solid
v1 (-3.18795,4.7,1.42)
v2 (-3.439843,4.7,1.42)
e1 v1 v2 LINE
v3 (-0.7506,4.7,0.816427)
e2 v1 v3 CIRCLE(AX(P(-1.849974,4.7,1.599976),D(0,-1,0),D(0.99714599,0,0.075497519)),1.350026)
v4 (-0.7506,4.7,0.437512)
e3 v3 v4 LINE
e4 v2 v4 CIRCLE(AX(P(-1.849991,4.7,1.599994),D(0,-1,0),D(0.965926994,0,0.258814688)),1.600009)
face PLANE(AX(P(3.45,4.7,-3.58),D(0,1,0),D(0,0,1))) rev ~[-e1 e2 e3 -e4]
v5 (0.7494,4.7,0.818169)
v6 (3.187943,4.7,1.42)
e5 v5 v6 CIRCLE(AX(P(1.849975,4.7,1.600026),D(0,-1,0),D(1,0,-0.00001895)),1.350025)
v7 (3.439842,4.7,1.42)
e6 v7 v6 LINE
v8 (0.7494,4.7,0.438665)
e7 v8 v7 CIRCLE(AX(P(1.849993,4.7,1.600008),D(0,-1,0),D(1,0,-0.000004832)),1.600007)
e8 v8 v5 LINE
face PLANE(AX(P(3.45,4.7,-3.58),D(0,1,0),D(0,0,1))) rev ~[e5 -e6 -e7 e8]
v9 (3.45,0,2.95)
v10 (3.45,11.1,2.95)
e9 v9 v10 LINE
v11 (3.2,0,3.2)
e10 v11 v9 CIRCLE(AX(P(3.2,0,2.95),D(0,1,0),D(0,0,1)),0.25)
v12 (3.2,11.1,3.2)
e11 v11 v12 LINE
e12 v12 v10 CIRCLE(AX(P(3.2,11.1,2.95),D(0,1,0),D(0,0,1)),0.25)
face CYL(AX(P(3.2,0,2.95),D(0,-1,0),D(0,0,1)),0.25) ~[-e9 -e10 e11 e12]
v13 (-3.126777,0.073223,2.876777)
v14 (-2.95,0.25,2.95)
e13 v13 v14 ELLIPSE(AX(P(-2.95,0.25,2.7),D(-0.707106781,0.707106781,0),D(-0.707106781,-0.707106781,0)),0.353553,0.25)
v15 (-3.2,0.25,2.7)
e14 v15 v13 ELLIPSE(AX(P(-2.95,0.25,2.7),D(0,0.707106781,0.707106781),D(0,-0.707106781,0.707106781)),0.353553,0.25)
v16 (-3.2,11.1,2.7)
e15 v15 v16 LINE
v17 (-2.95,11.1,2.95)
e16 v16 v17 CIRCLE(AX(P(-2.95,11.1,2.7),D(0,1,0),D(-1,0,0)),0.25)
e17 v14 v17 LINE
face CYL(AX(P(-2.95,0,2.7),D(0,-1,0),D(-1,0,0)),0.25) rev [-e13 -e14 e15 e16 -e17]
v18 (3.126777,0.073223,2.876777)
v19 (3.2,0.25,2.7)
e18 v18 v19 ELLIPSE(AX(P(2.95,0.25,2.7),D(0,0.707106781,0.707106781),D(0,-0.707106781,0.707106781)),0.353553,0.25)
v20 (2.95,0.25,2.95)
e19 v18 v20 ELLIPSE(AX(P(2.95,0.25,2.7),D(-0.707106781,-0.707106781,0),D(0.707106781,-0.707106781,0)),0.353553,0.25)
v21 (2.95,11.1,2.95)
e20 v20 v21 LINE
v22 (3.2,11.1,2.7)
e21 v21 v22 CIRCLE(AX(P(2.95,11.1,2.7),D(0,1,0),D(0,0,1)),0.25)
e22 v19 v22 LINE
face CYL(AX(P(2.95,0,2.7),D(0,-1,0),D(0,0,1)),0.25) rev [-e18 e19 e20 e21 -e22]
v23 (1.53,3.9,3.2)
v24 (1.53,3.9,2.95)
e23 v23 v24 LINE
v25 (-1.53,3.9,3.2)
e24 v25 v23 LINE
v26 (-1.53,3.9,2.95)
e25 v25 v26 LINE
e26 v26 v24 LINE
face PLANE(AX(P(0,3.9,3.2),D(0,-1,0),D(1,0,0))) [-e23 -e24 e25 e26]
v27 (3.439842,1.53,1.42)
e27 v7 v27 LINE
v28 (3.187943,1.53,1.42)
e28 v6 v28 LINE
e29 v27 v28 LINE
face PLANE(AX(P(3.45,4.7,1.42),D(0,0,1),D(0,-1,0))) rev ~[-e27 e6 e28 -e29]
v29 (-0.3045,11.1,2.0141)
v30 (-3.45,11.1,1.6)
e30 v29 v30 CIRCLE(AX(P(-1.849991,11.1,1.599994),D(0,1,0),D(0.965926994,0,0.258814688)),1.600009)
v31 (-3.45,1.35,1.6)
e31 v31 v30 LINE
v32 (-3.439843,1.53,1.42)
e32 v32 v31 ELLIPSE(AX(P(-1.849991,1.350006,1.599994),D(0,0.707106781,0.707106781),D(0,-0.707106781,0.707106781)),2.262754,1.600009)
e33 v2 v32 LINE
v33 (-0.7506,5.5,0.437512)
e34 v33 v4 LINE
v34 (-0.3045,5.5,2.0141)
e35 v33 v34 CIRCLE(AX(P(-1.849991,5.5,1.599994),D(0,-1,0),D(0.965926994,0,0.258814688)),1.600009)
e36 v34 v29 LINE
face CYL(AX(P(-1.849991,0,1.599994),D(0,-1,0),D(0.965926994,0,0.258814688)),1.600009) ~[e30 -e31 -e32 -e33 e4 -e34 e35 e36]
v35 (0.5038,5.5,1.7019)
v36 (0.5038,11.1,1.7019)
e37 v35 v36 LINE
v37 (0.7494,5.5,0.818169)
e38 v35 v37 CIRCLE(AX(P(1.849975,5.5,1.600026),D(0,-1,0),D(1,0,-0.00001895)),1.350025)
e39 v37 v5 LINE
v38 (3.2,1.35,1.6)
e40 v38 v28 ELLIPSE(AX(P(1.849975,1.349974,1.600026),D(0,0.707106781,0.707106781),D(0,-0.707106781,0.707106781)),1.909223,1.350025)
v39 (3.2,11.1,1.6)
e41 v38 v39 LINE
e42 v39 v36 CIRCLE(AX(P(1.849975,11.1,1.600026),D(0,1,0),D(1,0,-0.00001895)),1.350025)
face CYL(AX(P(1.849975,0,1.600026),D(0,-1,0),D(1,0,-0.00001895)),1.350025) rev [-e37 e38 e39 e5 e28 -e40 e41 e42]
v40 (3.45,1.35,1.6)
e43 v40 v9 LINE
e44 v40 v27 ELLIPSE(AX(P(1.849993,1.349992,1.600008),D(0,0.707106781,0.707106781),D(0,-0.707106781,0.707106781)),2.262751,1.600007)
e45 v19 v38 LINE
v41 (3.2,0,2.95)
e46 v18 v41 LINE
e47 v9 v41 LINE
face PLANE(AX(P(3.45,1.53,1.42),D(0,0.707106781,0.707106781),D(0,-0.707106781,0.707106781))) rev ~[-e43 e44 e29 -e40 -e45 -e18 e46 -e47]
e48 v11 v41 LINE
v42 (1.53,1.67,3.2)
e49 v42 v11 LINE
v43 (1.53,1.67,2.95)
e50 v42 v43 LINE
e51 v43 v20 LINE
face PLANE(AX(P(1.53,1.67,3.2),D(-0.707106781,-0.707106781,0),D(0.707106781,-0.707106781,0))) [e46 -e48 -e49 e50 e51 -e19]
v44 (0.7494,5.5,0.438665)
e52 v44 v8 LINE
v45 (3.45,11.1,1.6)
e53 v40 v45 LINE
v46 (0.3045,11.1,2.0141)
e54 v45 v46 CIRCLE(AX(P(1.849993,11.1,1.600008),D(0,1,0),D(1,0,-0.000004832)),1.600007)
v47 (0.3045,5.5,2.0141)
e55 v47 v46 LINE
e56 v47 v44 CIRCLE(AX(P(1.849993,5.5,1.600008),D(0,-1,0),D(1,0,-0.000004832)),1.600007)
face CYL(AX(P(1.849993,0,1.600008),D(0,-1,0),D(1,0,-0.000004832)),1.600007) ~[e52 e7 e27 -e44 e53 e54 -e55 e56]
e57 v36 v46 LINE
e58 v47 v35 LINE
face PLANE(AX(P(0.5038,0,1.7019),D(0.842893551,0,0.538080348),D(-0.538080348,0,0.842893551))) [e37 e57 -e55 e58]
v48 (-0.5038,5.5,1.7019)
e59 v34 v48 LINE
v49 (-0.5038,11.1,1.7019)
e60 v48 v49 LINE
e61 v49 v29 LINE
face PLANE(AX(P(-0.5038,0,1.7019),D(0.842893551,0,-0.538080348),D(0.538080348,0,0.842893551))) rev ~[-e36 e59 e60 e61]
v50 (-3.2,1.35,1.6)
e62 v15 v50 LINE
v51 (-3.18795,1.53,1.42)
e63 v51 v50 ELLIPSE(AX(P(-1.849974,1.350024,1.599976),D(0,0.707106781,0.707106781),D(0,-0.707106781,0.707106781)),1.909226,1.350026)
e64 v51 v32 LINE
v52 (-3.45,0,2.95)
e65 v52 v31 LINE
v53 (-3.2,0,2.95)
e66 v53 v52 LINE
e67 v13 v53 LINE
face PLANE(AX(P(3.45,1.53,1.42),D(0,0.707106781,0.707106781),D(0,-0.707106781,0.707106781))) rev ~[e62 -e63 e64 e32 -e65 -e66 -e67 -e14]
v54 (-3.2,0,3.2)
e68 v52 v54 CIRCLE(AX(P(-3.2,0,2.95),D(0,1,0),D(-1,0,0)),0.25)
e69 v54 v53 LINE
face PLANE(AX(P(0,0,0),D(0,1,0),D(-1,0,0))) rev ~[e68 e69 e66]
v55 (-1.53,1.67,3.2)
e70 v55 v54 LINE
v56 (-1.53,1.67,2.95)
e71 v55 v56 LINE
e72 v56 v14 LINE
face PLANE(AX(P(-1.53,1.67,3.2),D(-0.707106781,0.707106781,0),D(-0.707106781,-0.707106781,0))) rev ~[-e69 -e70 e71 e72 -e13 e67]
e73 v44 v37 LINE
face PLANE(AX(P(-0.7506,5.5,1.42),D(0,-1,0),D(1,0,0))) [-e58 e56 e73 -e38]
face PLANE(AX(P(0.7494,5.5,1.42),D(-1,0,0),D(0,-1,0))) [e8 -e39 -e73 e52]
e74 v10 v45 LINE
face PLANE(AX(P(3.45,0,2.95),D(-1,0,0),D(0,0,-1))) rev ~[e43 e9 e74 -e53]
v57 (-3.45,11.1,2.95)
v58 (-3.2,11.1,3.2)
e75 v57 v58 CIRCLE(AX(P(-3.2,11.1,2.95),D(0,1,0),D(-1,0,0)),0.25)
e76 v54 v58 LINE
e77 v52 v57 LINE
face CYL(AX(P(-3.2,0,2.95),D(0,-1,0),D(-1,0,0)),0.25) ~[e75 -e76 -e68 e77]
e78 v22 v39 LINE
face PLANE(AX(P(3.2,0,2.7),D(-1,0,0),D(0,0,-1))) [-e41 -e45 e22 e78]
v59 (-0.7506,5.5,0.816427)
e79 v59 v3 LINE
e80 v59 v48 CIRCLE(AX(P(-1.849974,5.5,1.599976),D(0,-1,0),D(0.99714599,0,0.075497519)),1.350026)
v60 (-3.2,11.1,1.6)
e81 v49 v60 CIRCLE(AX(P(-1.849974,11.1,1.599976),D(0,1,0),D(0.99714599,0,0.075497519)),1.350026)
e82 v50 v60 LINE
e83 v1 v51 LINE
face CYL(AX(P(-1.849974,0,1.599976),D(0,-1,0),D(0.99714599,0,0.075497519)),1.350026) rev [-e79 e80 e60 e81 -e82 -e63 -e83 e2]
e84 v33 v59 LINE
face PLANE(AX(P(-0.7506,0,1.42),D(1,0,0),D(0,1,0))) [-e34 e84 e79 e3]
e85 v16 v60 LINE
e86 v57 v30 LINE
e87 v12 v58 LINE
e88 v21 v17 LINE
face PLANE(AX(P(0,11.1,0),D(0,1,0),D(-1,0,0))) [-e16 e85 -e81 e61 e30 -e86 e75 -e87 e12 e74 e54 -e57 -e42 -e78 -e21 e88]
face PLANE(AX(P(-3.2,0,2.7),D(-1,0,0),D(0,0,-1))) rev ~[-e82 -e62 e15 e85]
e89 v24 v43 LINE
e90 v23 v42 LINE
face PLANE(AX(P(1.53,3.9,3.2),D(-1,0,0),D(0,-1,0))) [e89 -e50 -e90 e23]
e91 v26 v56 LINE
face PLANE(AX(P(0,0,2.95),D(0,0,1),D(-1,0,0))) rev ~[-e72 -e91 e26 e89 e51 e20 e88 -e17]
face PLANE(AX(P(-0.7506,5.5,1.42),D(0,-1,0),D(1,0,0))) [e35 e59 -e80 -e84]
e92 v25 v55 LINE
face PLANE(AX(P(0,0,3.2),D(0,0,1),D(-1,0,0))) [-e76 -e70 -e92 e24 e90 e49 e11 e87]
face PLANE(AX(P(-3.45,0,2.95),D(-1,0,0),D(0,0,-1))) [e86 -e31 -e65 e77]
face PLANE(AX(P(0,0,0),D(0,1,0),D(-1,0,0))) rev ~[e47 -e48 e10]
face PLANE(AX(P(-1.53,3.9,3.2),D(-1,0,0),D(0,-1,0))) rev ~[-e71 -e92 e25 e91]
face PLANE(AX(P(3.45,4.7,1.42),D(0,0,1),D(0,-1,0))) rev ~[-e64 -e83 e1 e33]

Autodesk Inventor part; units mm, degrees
ref_plane "YZ Plane" through (0, 0, 0) normal (1, 0, 0) x (0, 1, 0)
ref_plane "XZ Plane" through (0, 0, 0) normal (0, 1, 0) x (-1, 0, 0)
ref_plane "XY Plane" through (0, 0, 0) normal (0, 0, 1) x (1, 0, 0)
sketch "Sketch1" plane through (0, 0, 0) normal (0, 1, 0) x (-1, 0, 0)
  line L0 (0, 3.2) -> (-3.2, 3.2)
  line L1 (-3.45, 2.95) -> (-3.45, 1.6)
  arc A0 (-3.45, 1.6) -> (-0.3045, 2.0141) centre (-1.85, 1.6) ccw
  line L2 (0, 0) -> (-5.7029, 0) construction
  line L3 (-1.85, 1.6) -> (-0.3045, 2.0141) construction
  line L4 (0, 2.95) -> (-2.95, 2.95)
  line L5 (-3.2, 2.7) -> (-3.2, 1.6)
  arc A1 (-3.2, 1.6) -> (-0.5038, 1.7019) centre (-1.85, 1.6) ccw
  line L6 (-0.5038, 1.7019) -> (-1.7853, 1.3585) construction
  line L7 (-0.5038, 1.7019) -> (-0.3045, 2.0141)
  line L8 (0, 0) -> (0, 1.4199) construction
  line L9 (0, 3.2) -> (3.2, 3.2)
  line L10 (3.45, 2.95) -> (3.45, 1.6)
  arc A2 (0.3045, 2.0141) -> (3.45, 1.6) centre (1.85, 1.6) ccw
  line L11 (0, 0) -> (5.7029, 0) construction
  line L12 (1.85, 1.6) -> (0.3045, 2.0141) construction
  line L13 (0, 2.95) -> (2.95, 2.95)
  line L14 (3.2, 2.7) -> (3.2, 1.6)
  arc A3 (0.5038, 1.7019) -> (3.2, 1.6) centre (1.85, 1.6) ccw
  line L15 (0.5038, 1.7019) -> (1.7853, 1.3585) construction
  line L16 (0.5038, 1.7019) -> (0.3045, 2.0141)
  arc A4 (-3.2, 3.2) -> (-3.45, 2.95) centre (-3.2, 2.95) ccw
  arc A5 (-2.95, 2.95) -> (-3.2, 2.7) centre (-2.95, 2.7) ccw
  arc A6 (3.2, 2.7) -> (2.95, 2.95) centre (2.95, 2.7) ccw
  arc A7 (3.45, 2.95) -> (3.2, 3.2) centre (3.2, 2.95) ccw
  point P0 (-3.45, 3.2)
  point P1 (-3.2, 2.95)
  point P2 (3.45, 3.2)
  point P3 (3.2, 2.95)
  dimension "d0" = 3.45
  dimension "d1" = 0
  dimension "d2" = 3.2
  dimension "d3" = 15
  dimension "d4" = 1.6
  dimension "d5" = 1.6
  dimension "d6" = 0.25
  dimension "d9" = 0.25
  dimension "d10" = 0.25
  dimension "d11" = 0.25
  dimension "d12" = 0.25
extrude "Extrusion1" add sketch "Sketch1" along normal blind 11.1
sketch "Sketch2" plane through (-3.2, 0, 3.2) normal (0, 0, 1) x (1, 0, 0)
  line L0 (0, 0) -> (6.4, 0) projected
  line L1 (0, 11.1) -> (6.4, 11.1) projected
  line L2 (0, 0) -> (0, 11.1) projected
  line L3 (3.2, 0) -> (3.2, 8.5352) construction
  line L4 (3.2, 3.9) -> (1.67, 3.9)
  line L5 (1.67, 3.9) -> (1.67, 1.67)
  line L6 (1.67, 1.67) -> (0, 0)
  line L7 (-0.25, 0) -> (-0.25, 11.1) projected
  line L8 (3.2, 3.9) -> (4.73, 3.9)
  line L9 (4.73, 3.9) -> (4.73, 1.67)
  line L10 (4.73, 1.67) -> (6.4, 0)
  dimension "d27" = 7.2
  dimension "d28" = 45
  dimension "d29" = 1.92
  dimension "d30" = 1.53
sketch "Sketch3" plane through (3.45, 0, 2.95) normal (1, 0, 0) x (0, 0, -1)
  line L0 (0, 0) -> (0, 11.1) projected
  line L1 (6.53, 4.7) -> (1.53, 4.7)
  line L2 (1.53, 4.7) -> (1.53, 1.53)
  line L3 (1.53, 1.53) -> (0, 0)
  line L4 (6.53, 4.7) -> (6.53, -3)
  line L5 (6.53, -3) -> (0, -3)
  line L6 (0, -3) -> (0, 0)
  line L7 (2.95, 11.1) -> (0.9359, 11.1) projected
  line L8 (-0.25, 0) -> (-0.25, 11.1) projected
  point P0 (2.95, 0)
  dimension "d13" = 6.4
  dimension "d14" = 1.78
  dimension "d15" = 45
  dimension "d16" = 3
  dimension "d17" = 5
extrude "Extrusion2" cut sketch "Sketch3" against normal through all
sketch "Sketch4" plane through (-0.2602, 4.7, 1.42) normal (0, 0, -1) x (-1, 0, 0)
  line L0 (-1.0096, -4.7) -> (0.4904, -4.7)
  line L1 (0.4904, -4.7) -> (0.4904, 0.8)
  line L2 (0.4904, 0.8) -> (-1.0096, 0.8)
  line L3 (-1.0096, 0.8) -> (-1.0096, -4.7)
  line L4 (-1.0096, -4.7) -> (0.4904, 0.8) construction
  line L5 (0.4904, -4.7) -> (-1.0096, 0.8) construction
  point P0 (-0.2602, -4.7)
  point P1 (-0.2596, -1.95)
  dimension "d20" = 1.5
  dimension "d21" = 0
  dimension "d22" = 5.5
extrude "Extrusion3" cut sketch "Sketch4" along normal blind 11.1 and the other way blind 1
extrude "Extrusion4" cut sketch "Sketch2" against normal through all
equation "\"d4\" = d5"
properties part number "FuseHolder" material "Steel"
